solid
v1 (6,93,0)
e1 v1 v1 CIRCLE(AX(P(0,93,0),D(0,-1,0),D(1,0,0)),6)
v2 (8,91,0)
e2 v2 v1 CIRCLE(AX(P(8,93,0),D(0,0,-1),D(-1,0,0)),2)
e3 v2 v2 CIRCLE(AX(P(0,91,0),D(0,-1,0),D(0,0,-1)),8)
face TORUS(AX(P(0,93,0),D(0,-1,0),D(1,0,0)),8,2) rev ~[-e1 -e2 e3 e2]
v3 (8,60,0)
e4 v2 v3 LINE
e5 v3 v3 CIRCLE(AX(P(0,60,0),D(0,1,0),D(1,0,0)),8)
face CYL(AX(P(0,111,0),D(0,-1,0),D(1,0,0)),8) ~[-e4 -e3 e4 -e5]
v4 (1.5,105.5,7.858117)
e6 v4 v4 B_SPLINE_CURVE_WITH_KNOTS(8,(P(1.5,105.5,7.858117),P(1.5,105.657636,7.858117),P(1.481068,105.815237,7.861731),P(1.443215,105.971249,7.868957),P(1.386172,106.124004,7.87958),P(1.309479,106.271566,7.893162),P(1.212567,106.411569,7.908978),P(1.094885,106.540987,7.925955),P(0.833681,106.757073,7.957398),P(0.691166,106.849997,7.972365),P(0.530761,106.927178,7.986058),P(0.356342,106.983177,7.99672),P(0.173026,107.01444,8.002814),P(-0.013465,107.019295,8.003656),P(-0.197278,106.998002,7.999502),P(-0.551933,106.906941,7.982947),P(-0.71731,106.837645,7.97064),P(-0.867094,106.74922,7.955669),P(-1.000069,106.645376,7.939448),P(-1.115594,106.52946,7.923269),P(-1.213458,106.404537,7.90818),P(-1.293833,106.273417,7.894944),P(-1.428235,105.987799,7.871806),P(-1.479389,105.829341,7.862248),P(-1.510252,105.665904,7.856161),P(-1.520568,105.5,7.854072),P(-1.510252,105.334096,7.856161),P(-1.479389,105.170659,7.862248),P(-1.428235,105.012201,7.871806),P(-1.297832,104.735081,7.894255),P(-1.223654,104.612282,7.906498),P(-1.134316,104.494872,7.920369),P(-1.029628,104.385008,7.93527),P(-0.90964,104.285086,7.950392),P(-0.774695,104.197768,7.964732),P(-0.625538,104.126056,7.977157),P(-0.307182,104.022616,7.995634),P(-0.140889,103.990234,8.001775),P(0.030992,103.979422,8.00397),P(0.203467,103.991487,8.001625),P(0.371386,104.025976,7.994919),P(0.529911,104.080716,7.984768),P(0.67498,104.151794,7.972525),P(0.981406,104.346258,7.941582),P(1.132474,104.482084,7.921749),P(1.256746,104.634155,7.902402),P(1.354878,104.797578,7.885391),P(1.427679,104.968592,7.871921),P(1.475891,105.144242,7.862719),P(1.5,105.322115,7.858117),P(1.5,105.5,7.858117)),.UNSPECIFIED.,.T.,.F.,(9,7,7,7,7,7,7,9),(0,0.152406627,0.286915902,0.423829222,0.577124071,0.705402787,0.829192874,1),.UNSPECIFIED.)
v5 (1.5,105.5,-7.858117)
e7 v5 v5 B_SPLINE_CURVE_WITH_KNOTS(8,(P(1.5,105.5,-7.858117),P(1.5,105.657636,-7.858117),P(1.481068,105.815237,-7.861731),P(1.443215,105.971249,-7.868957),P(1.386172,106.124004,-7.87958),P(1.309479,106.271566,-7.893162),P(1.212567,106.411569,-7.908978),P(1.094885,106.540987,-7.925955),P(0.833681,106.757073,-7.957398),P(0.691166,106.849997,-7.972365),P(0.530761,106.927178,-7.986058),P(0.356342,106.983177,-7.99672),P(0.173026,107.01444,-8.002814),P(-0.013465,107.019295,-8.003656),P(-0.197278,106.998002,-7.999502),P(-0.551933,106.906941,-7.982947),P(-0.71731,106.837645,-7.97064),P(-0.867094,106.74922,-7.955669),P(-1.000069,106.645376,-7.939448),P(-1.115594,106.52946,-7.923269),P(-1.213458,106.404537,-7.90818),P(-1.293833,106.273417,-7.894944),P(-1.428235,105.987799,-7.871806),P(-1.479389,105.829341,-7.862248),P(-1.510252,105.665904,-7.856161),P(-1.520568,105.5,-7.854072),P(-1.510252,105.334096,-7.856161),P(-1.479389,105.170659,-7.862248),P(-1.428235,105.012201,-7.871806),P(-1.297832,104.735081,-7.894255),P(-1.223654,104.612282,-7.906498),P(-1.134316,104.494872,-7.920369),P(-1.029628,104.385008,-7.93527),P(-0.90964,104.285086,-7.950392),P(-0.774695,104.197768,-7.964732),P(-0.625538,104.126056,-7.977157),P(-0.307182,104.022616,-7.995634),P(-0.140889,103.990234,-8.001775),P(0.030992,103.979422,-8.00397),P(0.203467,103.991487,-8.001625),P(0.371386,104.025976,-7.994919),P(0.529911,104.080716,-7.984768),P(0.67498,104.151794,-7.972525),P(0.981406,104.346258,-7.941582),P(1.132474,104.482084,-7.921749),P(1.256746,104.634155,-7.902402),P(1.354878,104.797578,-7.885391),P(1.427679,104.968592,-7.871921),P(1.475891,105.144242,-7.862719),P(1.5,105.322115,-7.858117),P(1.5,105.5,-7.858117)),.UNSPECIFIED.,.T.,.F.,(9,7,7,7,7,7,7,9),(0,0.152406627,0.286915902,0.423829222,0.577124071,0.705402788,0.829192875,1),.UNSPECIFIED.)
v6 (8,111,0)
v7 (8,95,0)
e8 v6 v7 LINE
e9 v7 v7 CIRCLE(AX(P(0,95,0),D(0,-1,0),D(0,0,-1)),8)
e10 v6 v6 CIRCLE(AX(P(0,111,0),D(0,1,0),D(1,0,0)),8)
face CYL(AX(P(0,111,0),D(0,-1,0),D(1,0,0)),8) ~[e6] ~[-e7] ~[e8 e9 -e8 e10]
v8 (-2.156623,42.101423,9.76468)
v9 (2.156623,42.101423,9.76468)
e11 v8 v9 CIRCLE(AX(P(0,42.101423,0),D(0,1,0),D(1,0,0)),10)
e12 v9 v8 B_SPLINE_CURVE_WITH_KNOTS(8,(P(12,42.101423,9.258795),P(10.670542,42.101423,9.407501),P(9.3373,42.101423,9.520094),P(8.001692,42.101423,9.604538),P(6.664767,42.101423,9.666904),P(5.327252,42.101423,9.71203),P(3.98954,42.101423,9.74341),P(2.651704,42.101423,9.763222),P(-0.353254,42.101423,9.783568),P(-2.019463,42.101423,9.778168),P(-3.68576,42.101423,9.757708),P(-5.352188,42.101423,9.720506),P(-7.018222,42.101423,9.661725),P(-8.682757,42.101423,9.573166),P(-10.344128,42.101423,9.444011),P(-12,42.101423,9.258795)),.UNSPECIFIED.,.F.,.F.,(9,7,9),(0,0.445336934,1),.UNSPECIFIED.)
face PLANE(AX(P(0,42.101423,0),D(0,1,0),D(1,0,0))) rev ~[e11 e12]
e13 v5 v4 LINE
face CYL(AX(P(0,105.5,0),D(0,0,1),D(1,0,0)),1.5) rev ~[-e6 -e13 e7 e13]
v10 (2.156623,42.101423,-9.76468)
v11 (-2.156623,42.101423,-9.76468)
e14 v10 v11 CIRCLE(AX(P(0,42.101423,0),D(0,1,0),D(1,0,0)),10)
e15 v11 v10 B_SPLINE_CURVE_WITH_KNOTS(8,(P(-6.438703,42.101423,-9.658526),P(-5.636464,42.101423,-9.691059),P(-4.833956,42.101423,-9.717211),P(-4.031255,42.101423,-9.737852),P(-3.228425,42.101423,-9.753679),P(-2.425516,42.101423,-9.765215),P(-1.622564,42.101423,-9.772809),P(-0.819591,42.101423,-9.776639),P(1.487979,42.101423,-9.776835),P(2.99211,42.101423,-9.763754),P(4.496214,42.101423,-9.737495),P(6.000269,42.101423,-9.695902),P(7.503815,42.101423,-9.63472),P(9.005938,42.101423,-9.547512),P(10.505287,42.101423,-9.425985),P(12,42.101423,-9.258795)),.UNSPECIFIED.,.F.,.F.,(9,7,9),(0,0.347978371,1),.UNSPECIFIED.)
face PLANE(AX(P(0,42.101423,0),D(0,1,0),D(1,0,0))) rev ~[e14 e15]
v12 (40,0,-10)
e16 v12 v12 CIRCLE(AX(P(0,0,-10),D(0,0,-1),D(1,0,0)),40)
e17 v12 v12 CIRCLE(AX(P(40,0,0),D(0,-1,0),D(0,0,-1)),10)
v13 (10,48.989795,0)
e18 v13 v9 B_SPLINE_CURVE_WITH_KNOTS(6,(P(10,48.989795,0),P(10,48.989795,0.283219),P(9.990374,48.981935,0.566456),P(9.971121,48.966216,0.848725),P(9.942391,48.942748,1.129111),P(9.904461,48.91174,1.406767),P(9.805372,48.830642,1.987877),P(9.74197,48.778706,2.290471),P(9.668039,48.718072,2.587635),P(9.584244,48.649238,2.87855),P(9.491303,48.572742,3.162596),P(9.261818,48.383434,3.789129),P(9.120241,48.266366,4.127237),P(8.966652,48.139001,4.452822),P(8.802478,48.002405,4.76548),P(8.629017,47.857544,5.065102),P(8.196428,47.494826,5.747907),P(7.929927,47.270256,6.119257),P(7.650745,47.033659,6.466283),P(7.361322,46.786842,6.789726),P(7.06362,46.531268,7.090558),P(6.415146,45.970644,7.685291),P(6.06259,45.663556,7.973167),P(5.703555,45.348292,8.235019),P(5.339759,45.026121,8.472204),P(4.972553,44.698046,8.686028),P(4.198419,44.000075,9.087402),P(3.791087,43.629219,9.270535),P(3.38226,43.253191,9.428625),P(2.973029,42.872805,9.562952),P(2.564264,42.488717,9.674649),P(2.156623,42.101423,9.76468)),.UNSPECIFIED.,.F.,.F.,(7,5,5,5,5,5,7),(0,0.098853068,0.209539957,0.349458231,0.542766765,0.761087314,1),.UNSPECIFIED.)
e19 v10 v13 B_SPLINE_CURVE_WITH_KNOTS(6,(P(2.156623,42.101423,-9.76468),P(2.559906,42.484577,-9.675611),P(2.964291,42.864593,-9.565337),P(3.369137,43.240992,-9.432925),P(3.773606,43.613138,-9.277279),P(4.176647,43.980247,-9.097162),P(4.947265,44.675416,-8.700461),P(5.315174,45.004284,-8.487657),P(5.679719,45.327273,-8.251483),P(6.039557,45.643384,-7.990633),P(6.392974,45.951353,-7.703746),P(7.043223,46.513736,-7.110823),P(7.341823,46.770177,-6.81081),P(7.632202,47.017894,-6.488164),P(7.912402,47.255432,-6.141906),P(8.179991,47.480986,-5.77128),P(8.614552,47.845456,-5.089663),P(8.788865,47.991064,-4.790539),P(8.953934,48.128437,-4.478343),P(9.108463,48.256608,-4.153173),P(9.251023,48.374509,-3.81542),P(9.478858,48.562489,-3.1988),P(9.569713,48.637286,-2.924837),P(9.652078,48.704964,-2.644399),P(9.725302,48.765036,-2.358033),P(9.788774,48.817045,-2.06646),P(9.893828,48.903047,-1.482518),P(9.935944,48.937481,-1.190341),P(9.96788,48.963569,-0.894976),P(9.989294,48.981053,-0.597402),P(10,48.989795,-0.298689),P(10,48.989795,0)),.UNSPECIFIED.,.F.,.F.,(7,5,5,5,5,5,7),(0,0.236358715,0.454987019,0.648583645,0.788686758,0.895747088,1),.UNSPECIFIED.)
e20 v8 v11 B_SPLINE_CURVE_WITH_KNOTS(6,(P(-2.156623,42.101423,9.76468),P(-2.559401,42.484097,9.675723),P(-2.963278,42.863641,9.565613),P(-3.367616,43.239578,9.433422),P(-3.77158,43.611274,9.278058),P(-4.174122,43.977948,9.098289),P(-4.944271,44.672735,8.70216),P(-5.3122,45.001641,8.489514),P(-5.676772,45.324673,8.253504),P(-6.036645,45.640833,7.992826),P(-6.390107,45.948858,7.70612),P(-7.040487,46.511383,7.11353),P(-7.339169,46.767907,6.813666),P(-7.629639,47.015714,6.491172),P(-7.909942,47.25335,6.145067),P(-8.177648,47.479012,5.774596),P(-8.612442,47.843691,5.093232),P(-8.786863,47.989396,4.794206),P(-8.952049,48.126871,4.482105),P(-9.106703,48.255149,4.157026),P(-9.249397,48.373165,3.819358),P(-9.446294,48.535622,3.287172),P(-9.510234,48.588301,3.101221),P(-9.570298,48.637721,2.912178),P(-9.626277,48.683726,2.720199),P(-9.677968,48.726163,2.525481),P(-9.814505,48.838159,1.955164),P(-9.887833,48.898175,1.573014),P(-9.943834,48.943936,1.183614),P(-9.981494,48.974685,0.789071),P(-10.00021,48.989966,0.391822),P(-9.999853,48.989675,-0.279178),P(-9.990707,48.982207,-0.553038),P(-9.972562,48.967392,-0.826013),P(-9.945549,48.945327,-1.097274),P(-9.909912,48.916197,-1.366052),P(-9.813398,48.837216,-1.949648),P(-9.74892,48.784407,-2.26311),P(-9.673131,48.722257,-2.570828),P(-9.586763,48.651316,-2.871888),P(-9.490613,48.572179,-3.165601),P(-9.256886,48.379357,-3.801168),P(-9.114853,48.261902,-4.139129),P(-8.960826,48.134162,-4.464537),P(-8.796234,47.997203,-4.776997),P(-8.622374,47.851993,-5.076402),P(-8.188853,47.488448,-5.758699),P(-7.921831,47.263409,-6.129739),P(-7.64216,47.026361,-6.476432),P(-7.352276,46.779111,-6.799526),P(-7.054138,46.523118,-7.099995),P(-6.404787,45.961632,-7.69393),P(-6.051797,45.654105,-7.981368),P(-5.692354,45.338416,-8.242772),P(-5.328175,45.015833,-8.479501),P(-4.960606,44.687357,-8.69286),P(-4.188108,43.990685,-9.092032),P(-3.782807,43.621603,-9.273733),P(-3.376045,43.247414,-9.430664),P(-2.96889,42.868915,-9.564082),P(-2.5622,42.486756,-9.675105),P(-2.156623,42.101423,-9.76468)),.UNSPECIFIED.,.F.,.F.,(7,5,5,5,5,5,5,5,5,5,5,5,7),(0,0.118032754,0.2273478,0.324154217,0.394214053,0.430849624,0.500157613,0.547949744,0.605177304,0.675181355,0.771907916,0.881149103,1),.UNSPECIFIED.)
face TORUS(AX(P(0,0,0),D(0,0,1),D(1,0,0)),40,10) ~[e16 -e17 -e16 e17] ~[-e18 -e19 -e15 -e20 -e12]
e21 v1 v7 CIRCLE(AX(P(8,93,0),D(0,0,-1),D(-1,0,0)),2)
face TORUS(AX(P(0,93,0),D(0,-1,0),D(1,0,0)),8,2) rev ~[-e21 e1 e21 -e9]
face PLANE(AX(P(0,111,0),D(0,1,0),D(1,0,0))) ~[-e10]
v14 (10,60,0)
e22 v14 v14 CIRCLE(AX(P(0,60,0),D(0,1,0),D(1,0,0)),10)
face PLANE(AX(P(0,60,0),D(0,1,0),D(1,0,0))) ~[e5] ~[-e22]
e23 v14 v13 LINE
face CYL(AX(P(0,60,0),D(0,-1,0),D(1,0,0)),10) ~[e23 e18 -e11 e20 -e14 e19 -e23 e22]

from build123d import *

# Parameters (mm, degrees)
IZIM1_R               = 10
IZIM3_R               = 1.5
KES_EKSTR_ZYON1_DEPTH = 15
IZIM4_R               = 2


with BuildPart() as part:
    # Çizim1 → Döndür1 (revolve)
    with BuildSketch(Plane(origin=(0, 0, 0), x_dir=(0, 0, -1), z_dir=(1, 0, 0)), mode=Mode.PRIVATE) as d_nd_r1_sk:
        with Locations((0, 40)):
            Circle(IZIM1_R)
    revolve(d_nd_r1_sk.sketch.rotate(Axis((0, 0, 15.200888332), (0, 0, -1)), 90), axis=Axis((0, 0, 15.200888332), (0, 0, -1)))

    # Çizim2 → Döndür2 (revolve)
    with BuildSketch(Plane.XY):
        Polygon((0, 42.101423495), (0, 111), (8, 111), (8, 60), (10, 60), (10, 42.101423495), align=None)
    revolve(axis=Axis((0, 42.101423495, 0), (0, 1, 0)))

    # Çizim3 → Kes-Ekstrüzyon1 (cut, symmetric)
    with BuildSketch(Plane.XY):
        with Locations((0, 105.5)):
            Circle(IZIM3_R)
    extrude(amount=KES_EKSTR_ZYON1_DEPTH, both=True, mode=Mode.SUBTRACT)

    # Çizim4 → Kes-Döndür1 (revolve, cut)
    with BuildSketch(Plane.XY, mode=Mode.PRIVATE) as kes_d_nd_r1_sk:
        with Locations((-8, 93)):
            Circle(IZIM4_R)
    revolve(kes_d_nd_r1_sk.sketch.rotate(Axis((0, 111, 0), (0, -1, 0)), 180), axis=Axis((0, 111, 0), (0, -1, 0)), mode=Mode.SUBTRACT)


solid = part.part
